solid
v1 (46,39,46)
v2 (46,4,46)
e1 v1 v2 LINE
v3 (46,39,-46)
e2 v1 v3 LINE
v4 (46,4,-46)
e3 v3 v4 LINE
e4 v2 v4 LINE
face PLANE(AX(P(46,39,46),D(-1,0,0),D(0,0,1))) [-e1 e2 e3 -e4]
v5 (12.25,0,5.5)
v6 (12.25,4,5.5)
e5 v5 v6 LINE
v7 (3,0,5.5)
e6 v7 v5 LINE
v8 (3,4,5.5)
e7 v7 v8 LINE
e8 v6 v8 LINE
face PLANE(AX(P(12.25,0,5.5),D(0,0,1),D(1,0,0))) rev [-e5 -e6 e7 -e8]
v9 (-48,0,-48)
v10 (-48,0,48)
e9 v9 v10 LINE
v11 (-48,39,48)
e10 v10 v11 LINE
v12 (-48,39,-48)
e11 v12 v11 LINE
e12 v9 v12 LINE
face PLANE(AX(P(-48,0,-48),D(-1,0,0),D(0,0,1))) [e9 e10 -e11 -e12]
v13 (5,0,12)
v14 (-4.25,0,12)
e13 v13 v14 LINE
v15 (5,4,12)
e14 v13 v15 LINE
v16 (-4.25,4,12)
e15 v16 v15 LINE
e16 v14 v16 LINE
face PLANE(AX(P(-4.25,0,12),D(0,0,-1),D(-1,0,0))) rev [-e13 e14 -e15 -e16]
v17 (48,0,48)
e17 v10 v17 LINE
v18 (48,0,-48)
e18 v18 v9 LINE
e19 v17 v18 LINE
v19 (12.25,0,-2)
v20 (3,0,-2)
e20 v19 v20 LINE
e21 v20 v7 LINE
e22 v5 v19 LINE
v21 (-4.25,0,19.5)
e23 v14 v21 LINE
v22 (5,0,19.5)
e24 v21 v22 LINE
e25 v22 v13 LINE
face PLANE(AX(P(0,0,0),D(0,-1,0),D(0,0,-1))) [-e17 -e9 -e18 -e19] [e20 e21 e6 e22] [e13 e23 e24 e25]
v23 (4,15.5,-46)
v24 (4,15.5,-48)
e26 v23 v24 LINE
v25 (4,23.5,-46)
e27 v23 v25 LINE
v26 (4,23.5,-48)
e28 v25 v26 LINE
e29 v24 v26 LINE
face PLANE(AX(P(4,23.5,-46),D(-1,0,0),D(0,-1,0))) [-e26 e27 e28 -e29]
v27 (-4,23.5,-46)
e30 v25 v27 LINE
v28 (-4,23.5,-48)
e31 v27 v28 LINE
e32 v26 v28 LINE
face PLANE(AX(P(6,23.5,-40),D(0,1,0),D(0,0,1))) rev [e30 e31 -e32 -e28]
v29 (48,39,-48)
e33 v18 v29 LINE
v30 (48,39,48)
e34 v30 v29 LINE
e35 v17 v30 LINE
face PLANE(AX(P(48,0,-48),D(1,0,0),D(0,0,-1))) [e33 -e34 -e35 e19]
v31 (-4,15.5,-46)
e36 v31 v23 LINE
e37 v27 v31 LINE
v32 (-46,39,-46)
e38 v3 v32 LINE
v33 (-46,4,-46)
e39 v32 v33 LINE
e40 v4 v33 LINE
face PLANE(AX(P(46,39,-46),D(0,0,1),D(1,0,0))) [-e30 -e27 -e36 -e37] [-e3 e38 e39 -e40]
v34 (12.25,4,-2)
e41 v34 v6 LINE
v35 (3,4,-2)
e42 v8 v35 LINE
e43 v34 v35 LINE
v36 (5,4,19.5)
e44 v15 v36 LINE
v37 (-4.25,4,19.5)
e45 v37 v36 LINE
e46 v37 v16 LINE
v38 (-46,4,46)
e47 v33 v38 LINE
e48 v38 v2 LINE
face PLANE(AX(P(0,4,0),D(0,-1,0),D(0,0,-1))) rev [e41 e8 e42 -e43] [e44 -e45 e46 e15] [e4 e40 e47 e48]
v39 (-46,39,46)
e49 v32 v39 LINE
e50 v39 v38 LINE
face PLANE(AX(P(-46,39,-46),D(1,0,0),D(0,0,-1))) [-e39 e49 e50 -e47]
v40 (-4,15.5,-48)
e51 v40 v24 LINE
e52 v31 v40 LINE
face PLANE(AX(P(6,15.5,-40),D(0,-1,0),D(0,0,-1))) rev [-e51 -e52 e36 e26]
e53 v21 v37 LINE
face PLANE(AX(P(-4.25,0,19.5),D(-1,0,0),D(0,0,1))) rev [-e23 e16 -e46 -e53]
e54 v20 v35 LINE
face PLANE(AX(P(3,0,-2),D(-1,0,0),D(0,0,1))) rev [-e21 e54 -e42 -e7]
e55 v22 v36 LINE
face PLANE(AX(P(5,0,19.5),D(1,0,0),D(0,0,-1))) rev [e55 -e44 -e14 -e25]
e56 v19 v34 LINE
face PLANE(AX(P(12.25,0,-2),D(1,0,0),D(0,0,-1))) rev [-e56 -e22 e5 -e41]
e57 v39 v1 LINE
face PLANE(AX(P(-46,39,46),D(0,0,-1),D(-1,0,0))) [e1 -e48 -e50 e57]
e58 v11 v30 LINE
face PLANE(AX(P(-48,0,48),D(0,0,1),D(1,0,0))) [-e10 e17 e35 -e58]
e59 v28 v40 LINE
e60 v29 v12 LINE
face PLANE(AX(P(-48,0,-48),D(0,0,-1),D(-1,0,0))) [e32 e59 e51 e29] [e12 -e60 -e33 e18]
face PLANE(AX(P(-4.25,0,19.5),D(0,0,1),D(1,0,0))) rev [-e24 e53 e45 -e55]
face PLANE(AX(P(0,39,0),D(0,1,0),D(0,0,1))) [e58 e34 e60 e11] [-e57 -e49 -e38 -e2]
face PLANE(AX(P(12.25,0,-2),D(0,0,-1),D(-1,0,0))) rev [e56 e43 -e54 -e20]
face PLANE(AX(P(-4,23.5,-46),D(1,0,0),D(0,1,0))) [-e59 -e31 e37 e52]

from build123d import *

# Parameters (mm, degrees)
SKETCH1_W               = 100
SKETCH1_H               = 100
BOSS_EXTRUDE1_DEPTH     = 4
SKETCH2_W               = 100
SKETCH2_H               = 100
SKETCH2_W_2             = 92
SKETCH2_H_2             = 92
BOSS_EXTRUDE2_DEPTH     = 35
SKETCH3_W               = 4
SKETCH3_H               = 4
CUT_EXTRUDE1_DEPTH      = 4
BOSS_EXTRUDE3_DEPTH     = 2.5
SKETCH5_W               = 5.75
SKETCH5_H               = 4
CUT_EXTRUDE2_DEPTH      = 4
CUT_EXTRUDE3_DEPTH      = 79.89866919
CUT_EXTRUDE3_DEPTH_BACK = 79.89866919
SKETCH7_W               = 9.25
SKETCH7_H               = 7.5
SKETCH8_W               = 6.199178059
SKETCH8_H               = 6.70376232
SKETCH8_W_2             = 7.56876391
SKETCH8_H_2             = 7.20834658
CUT_EXTRUDE5_DEPTH      = 10
SKETCH9_W               = 12
SKETCH9_H               = 8
CUT_EXTRUDE6_DEPTH      = 10
SKETCH10_W              = 4
SKETCH10_H              = 4
BOSS_EXTRUDE4_DEPTH     = 4
SKETCH11_OUTSIDE_W      = 131.34
SKETCH11_OUTSIDE_H      = 131.34
SKETCH11_OUTSIDE_W_2    = 96
SKETCH11_OUTSIDE_H_2    = 96
CUT_EXTRUDE7_DEPTH      = 81.752708933
SKETCH12_W              = 2
SKETCH12_H              = 8
BOSS_EXTRUDE5_DEPTH     = 2


with BuildPart() as part:
    # Sketch1 → Boss-Extrude1 (new body)
    with BuildSketch(Plane(origin=(0, 0, 0), x_dir=(1, 0, 0), z_dir=(0, 1, 0))):
        Rectangle(SKETCH1_W, SKETCH1_H)
    extrude(amount=BOSS_EXTRUDE1_DEPTH)

    # Sketch2 → Boss-Extrude2 (add)
    with BuildSketch(Plane(origin=(0, 4, 0), x_dir=(1, 0, 0), z_dir=(0, 1, 0))):
        Rectangle(SKETCH2_W, SKETCH2_H)
        Rectangle(SKETCH2_W_2, SKETCH2_H_2, mode=Mode.SUBTRACT)
    extrude(amount=BOSS_EXTRUDE2_DEPTH)

    # Sketch3 → Cut-Extrude1 (cut)
    with BuildSketch(Plane(origin=(0, 0, -50), x_dir=(-1, 0, 0), z_dir=(0, 0, -1))):
        with Locations((0, 37)):
            Rectangle(SKETCH3_W, SKETCH3_H)
    extrude(amount=-CUT_EXTRUDE1_DEPTH, mode=Mode.SUBTRACT)

    # Sketch4 → Boss-Extrude3 (add)
    with BuildSketch(Plane(origin=(0, 4, 0), x_dir=(1, 0, 0), z_dir=(0, 1, 0))):
        Polygon((-1.75, -0.5), (0.75, -0.5), (0.75, 2), (-4.25, 2), (-4.25, -3), (-1.75, -3), align=None)
        Polygon((7.25, -0.5), (9.75, -0.5), (9.75, -3), (12.25, -3), (12.25, 2), (7.25, 2), align=None)
        Polygon((12.25, -14.5), (9.75, -14.5), (9.75, -17), (7.25, -17), (7.25, -19.5), (12.25, -19.5), align=None)
        Polygon((-1.75, -17), (-1.75, -14.5), (-4.25, -14.5), (-4.25, -19.5), (0.75, -19.5), (0.75, -17), align=None)
    extrude(amount=BOSS_EXTRUDE3_DEPTH)

    # Sketch5 → Cut-Extrude2 (cut)
    with BuildSketch(Plane(origin=(0, 4, 0), x_dir=(1, 0, 0), z_dir=(0, 1, 0))):
        with Locations((1.125, -15)):
            Rectangle(SKETCH5_W, SKETCH5_H)
    extrude(amount=-CUT_EXTRUDE2_DEPTH, mode=Mode.SUBTRACT)

    # Sketch7 → Cut-Extrude3 (cut, two sides: drawn at the far end of the back side and taken through both)
    with BuildSketch(Plane(origin=(0, 4, 0), x_dir=(1, 0, 0), z_dir=(0, 1, 0)).offset(-CUT_EXTRUDE3_DEPTH_BACK)):
        with Locations((0.375, -15.75)):
            Rectangle(SKETCH7_W, SKETCH7_H)
        with Locations((7.625, -1.75)):
            Rectangle(SKETCH7_W, SKETCH7_H)
    extrude(amount=CUT_EXTRUDE3_DEPTH + CUT_EXTRUDE3_DEPTH_BACK, mode=Mode.SUBTRACT)

    # Sketch8 → Cut-Extrude5 (cut)
    with BuildSketch(Plane(origin=(0, 4, 0), x_dir=(1, 0, 0), z_dir=(0, 1, 0))):
        with Locations((-1.640574957, -0.408162103)):
            Rectangle(SKETCH8_W, SKETCH8_H)
        with Locations((10.072988236, -16.951317505)):
            Rectangle(SKETCH8_W_2, SKETCH8_H_2)
    extrude(amount=CUT_EXTRUDE5_DEPTH, mode=Mode.SUBTRACT)

    # Sketch9 → Cut-Extrude6 (cut)
    with BuildSketch(Plane(origin=(0, 0, -50), x_dir=(-1, 0, 0), z_dir=(0, 0, -1))):
        with Locations((0, 19.5)):
            Rectangle(SKETCH9_W, SKETCH9_H)
    extrude(amount=-CUT_EXTRUDE6_DEPTH, mode=Mode.SUBTRACT)

    # Sketch10 → Boss-Extrude4 (add)
    with BuildSketch(Plane(origin=(0, 0, -50), x_dir=(-1, 0, 0), z_dir=(0, 0, -1))):
        with Locations((0, 37)):
            Rectangle(SKETCH10_W, SKETCH10_H)
    extrude(amount=-BOSS_EXTRUDE4_DEPTH)

    # Sketch11 outside → Cut-Extrude7 (cut, through all)
    with BuildSketch(Plane(origin=(0, 39, 0), x_dir=(1, 0, 0), z_dir=(0, 1, 0))):
        Rectangle(SKETCH11_OUTSIDE_W, SKETCH11_OUTSIDE_H)
        Rectangle(SKETCH11_OUTSIDE_W_2, SKETCH11_OUTSIDE_H_2, mode=Mode.SUBTRACT)
    extrude(amount=-CUT_EXTRUDE7_DEPTH, mode=Mode.SUBTRACT)

    # Sketch12 → Boss-Extrude5 (add)
    with BuildSketch(Plane(origin=(0, 0, -48), x_dir=(-1, 0, 0), z_dir=(0, 0, -1))):
        with Locations((-5, 19.5)):
            Rectangle(SKETCH12_W, SKETCH12_H)
        with Locations((5, 19.5)):
            Rectangle(SKETCH12_W, SKETCH12_H)
    extrude(amount=-BOSS_EXTRUDE5_DEPTH)


solid = part.part
